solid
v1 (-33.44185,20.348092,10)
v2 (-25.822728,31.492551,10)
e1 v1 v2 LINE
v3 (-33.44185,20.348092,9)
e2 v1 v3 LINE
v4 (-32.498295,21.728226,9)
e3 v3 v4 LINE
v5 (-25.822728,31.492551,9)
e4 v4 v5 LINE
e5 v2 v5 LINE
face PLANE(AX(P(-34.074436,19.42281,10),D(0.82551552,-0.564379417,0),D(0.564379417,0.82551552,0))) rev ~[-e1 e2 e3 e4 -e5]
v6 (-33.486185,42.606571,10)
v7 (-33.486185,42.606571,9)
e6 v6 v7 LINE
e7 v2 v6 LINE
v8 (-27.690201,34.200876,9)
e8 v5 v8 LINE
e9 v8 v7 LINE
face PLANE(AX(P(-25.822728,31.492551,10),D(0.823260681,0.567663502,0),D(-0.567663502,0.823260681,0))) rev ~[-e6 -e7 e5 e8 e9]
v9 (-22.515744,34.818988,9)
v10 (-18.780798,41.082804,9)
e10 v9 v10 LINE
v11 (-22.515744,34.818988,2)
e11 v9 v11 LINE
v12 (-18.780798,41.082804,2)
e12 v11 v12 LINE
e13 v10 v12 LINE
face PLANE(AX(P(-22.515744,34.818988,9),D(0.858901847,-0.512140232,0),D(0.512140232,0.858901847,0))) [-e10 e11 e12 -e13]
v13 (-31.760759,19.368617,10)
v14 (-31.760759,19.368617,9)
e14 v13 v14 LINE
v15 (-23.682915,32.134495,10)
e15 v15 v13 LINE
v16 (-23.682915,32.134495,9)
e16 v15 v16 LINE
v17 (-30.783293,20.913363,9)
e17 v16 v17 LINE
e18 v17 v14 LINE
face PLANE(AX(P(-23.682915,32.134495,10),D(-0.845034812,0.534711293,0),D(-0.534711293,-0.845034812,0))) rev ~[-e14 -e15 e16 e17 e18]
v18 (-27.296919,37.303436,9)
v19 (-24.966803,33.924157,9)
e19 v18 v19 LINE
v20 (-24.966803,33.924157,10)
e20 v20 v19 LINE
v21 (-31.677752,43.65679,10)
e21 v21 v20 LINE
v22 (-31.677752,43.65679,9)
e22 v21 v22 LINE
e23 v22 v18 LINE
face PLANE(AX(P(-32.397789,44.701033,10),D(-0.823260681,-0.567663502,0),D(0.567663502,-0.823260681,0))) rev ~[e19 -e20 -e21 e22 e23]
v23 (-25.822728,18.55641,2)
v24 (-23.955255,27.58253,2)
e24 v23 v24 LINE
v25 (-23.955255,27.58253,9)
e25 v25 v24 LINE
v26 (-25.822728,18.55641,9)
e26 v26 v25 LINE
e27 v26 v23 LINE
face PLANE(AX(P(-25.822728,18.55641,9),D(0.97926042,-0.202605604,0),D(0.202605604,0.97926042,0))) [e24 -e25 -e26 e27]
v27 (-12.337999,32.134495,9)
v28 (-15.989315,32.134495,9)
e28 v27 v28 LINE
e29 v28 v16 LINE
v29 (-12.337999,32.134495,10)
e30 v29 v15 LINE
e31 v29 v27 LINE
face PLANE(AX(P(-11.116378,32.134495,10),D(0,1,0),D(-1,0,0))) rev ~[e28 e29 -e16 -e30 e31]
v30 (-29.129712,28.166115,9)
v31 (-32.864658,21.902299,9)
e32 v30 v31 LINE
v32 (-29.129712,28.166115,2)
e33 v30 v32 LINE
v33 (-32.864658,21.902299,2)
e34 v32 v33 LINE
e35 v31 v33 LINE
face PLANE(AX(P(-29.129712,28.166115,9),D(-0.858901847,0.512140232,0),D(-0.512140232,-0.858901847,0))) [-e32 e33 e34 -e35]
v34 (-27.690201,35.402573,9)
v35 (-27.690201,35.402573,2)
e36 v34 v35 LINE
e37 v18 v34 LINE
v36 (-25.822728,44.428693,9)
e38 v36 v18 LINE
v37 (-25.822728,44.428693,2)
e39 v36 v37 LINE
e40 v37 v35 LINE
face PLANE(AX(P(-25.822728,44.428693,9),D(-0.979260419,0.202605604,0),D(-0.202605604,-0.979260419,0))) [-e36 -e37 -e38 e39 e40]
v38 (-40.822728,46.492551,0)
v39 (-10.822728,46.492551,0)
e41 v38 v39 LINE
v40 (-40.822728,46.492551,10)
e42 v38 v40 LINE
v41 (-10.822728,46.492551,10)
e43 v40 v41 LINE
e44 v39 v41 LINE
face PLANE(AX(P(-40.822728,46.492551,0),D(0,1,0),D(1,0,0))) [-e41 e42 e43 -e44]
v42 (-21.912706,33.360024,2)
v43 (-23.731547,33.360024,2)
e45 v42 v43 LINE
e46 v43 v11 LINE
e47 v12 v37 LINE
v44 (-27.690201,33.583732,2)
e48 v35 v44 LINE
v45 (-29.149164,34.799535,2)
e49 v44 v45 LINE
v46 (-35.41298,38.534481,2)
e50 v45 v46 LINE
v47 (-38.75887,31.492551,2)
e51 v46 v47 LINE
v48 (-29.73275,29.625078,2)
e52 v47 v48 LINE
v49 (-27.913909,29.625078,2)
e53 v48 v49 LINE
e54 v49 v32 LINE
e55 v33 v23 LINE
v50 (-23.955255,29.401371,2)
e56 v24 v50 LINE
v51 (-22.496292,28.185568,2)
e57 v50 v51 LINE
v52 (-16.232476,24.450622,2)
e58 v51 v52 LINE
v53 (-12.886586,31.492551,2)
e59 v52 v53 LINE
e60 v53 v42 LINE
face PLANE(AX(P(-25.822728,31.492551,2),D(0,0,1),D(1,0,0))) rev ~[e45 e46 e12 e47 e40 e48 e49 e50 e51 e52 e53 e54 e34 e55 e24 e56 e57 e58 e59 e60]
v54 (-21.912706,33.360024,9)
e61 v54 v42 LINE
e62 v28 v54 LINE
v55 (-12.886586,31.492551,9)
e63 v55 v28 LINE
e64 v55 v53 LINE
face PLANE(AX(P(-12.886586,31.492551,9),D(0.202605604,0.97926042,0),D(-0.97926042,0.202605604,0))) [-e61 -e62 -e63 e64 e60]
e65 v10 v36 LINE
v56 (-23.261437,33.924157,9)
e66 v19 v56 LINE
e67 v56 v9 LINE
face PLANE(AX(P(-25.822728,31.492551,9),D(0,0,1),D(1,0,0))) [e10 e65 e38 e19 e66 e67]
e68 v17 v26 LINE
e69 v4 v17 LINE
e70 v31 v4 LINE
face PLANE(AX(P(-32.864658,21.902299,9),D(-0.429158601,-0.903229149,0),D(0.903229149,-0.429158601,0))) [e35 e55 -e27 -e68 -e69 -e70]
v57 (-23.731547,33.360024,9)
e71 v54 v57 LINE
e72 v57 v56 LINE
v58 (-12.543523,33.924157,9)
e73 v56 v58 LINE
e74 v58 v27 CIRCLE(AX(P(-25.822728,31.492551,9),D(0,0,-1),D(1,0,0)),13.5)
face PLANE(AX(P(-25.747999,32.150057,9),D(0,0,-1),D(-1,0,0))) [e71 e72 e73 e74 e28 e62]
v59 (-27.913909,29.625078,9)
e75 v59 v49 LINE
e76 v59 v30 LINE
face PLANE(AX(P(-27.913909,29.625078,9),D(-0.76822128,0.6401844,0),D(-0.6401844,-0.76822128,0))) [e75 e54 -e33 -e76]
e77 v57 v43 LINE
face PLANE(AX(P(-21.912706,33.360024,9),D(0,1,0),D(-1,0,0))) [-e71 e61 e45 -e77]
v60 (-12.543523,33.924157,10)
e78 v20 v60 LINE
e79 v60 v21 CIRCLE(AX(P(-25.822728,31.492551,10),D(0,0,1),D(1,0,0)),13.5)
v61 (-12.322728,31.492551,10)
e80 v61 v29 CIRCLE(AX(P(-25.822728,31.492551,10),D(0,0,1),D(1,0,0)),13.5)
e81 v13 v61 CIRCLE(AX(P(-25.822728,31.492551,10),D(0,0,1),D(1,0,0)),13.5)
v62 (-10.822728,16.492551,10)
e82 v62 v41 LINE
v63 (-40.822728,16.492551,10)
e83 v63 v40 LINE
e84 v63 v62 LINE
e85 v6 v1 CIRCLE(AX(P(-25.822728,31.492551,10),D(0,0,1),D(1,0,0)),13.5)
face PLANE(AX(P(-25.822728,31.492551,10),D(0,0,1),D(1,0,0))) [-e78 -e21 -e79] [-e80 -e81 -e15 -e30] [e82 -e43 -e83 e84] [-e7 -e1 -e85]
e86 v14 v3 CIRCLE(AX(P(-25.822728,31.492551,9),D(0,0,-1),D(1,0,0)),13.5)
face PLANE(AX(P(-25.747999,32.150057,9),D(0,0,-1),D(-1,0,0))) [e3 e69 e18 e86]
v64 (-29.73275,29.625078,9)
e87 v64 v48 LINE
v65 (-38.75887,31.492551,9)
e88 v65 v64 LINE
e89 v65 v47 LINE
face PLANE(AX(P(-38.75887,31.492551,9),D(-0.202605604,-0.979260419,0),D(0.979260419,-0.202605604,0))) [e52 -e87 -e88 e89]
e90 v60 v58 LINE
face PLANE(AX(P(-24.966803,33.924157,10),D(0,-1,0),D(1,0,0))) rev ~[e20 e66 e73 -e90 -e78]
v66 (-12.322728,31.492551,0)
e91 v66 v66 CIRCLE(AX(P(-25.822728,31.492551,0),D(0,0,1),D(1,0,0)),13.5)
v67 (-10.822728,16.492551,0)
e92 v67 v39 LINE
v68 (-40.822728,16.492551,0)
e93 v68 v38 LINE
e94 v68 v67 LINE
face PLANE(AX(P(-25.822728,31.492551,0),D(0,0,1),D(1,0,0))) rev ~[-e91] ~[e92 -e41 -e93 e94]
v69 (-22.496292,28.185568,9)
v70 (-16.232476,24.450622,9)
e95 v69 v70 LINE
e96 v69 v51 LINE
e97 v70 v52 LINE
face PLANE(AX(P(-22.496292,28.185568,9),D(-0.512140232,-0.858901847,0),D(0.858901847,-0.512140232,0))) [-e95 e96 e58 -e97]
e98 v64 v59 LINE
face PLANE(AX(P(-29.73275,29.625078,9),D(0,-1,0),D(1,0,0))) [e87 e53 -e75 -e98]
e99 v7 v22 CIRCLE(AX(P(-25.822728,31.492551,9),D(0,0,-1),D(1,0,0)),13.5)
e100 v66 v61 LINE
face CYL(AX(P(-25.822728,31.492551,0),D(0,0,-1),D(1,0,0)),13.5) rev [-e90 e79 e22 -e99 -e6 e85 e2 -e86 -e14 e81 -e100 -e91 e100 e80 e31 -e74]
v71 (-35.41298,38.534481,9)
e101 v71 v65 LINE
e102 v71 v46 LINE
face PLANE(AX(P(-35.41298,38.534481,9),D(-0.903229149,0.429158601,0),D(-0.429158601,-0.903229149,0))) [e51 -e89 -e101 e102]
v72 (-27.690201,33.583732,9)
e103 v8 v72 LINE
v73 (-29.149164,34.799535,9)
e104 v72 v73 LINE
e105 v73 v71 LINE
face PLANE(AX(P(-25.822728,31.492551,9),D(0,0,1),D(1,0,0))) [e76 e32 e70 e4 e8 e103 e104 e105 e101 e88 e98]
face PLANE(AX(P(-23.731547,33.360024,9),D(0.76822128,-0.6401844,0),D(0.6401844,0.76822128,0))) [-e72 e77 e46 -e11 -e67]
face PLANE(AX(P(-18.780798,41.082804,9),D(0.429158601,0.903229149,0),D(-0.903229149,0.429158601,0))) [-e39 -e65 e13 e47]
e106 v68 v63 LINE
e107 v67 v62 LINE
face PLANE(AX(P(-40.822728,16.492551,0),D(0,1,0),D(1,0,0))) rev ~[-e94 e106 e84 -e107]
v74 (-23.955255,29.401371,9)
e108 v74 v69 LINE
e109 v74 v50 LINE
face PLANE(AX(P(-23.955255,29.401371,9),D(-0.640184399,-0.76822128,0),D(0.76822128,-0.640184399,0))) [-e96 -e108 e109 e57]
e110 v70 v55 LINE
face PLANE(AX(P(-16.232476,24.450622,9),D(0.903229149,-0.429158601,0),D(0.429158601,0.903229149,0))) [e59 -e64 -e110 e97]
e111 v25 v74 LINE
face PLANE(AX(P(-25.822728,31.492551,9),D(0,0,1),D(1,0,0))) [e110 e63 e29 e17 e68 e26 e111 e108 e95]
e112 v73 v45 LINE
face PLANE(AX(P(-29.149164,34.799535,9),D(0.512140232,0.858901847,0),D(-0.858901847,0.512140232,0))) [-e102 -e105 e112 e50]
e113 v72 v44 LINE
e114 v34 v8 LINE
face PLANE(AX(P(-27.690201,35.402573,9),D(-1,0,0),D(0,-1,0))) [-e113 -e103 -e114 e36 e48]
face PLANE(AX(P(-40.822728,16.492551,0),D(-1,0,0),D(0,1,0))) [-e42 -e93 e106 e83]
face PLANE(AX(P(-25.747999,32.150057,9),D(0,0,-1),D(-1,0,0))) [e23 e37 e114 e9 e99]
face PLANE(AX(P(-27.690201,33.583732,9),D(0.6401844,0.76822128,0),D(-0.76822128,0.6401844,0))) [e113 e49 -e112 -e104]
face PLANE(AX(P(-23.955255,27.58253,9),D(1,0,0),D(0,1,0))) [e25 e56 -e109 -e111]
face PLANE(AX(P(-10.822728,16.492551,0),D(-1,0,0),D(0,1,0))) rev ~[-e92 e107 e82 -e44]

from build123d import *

# Parameters (mm, degrees)
SKETCH_1_W      = 30
SKETCH_1_H      = 30
SKETCH_1_R      = 13.5
EXTRUDE_1_DEPTH = 10
EXTRUDE_2_DEPTH = 1
EXTRUDE_3_DEPTH = 7


with BuildPart() as part:
    # 草图1 → 凸台-拉伸1 (new body)
    with BuildSketch(Plane.XY):
        with Locations((-25.822727996, 31.492551329)):
            Rectangle(SKETCH_1_W, SKETCH_1_H)
        with Locations((-25.822727996, 31.492551329)):
            Circle(SKETCH_1_R, mode=Mode.SUBTRACT)
    extrude(amount=EXTRUDE_1_DEPTH)

    # 草图2 → 凸台-拉伸2 (add)
    with BuildSketch(Plane.XY.offset(10)):
        Polygon((-32.397789449, 44.701032769), (-24.966802837, 33.924156896), (-11.116377527, 33.924156896), (-11.116377527, 32.134495199), (-23.682915097, 32.134495199), (-32.397789449, 18.361881267), (-34.074436385, 19.422810401), (-25.822727996, 31.492551329), (-34.373088606, 43.892812528), (-32.550272533, 45.149700145), align=None)
    extrude(amount=-EXTRUDE_2_DEPTH)

    # 草图3 → 凸台-拉伸3 (add)
    with BuildSketch(Plane(origin=(0, 0, 9), x_dir=(-1, 0, 0), z_dir=(0, 0, -1))):
        Polygon((22.515744425, 34.818987745), (18.780798274, 41.082803685), (25.822727996, 44.428692946), (27.690201072, 35.402573081), (27.690201072, 33.583732117), (29.149164412, 34.7995349), (35.412980353, 38.534481051), (38.758869613, 31.492551329), (29.732749748, 29.625078253), (27.913908784, 29.625078253), (29.129711567, 28.166114913), (32.864657718, 21.902298973), (25.822727996, 18.556409712), (23.955254921, 27.582529577), (23.955254921, 29.401370541), (22.49629158, 28.185567758), (16.23247564, 24.450621607), (12.886586379, 31.492551329), (21.912706244, 33.360024404), (23.731547209, 33.360024404), align=None)
    extrude(amount=EXTRUDE_3_DEPTH)


solid = part.part
